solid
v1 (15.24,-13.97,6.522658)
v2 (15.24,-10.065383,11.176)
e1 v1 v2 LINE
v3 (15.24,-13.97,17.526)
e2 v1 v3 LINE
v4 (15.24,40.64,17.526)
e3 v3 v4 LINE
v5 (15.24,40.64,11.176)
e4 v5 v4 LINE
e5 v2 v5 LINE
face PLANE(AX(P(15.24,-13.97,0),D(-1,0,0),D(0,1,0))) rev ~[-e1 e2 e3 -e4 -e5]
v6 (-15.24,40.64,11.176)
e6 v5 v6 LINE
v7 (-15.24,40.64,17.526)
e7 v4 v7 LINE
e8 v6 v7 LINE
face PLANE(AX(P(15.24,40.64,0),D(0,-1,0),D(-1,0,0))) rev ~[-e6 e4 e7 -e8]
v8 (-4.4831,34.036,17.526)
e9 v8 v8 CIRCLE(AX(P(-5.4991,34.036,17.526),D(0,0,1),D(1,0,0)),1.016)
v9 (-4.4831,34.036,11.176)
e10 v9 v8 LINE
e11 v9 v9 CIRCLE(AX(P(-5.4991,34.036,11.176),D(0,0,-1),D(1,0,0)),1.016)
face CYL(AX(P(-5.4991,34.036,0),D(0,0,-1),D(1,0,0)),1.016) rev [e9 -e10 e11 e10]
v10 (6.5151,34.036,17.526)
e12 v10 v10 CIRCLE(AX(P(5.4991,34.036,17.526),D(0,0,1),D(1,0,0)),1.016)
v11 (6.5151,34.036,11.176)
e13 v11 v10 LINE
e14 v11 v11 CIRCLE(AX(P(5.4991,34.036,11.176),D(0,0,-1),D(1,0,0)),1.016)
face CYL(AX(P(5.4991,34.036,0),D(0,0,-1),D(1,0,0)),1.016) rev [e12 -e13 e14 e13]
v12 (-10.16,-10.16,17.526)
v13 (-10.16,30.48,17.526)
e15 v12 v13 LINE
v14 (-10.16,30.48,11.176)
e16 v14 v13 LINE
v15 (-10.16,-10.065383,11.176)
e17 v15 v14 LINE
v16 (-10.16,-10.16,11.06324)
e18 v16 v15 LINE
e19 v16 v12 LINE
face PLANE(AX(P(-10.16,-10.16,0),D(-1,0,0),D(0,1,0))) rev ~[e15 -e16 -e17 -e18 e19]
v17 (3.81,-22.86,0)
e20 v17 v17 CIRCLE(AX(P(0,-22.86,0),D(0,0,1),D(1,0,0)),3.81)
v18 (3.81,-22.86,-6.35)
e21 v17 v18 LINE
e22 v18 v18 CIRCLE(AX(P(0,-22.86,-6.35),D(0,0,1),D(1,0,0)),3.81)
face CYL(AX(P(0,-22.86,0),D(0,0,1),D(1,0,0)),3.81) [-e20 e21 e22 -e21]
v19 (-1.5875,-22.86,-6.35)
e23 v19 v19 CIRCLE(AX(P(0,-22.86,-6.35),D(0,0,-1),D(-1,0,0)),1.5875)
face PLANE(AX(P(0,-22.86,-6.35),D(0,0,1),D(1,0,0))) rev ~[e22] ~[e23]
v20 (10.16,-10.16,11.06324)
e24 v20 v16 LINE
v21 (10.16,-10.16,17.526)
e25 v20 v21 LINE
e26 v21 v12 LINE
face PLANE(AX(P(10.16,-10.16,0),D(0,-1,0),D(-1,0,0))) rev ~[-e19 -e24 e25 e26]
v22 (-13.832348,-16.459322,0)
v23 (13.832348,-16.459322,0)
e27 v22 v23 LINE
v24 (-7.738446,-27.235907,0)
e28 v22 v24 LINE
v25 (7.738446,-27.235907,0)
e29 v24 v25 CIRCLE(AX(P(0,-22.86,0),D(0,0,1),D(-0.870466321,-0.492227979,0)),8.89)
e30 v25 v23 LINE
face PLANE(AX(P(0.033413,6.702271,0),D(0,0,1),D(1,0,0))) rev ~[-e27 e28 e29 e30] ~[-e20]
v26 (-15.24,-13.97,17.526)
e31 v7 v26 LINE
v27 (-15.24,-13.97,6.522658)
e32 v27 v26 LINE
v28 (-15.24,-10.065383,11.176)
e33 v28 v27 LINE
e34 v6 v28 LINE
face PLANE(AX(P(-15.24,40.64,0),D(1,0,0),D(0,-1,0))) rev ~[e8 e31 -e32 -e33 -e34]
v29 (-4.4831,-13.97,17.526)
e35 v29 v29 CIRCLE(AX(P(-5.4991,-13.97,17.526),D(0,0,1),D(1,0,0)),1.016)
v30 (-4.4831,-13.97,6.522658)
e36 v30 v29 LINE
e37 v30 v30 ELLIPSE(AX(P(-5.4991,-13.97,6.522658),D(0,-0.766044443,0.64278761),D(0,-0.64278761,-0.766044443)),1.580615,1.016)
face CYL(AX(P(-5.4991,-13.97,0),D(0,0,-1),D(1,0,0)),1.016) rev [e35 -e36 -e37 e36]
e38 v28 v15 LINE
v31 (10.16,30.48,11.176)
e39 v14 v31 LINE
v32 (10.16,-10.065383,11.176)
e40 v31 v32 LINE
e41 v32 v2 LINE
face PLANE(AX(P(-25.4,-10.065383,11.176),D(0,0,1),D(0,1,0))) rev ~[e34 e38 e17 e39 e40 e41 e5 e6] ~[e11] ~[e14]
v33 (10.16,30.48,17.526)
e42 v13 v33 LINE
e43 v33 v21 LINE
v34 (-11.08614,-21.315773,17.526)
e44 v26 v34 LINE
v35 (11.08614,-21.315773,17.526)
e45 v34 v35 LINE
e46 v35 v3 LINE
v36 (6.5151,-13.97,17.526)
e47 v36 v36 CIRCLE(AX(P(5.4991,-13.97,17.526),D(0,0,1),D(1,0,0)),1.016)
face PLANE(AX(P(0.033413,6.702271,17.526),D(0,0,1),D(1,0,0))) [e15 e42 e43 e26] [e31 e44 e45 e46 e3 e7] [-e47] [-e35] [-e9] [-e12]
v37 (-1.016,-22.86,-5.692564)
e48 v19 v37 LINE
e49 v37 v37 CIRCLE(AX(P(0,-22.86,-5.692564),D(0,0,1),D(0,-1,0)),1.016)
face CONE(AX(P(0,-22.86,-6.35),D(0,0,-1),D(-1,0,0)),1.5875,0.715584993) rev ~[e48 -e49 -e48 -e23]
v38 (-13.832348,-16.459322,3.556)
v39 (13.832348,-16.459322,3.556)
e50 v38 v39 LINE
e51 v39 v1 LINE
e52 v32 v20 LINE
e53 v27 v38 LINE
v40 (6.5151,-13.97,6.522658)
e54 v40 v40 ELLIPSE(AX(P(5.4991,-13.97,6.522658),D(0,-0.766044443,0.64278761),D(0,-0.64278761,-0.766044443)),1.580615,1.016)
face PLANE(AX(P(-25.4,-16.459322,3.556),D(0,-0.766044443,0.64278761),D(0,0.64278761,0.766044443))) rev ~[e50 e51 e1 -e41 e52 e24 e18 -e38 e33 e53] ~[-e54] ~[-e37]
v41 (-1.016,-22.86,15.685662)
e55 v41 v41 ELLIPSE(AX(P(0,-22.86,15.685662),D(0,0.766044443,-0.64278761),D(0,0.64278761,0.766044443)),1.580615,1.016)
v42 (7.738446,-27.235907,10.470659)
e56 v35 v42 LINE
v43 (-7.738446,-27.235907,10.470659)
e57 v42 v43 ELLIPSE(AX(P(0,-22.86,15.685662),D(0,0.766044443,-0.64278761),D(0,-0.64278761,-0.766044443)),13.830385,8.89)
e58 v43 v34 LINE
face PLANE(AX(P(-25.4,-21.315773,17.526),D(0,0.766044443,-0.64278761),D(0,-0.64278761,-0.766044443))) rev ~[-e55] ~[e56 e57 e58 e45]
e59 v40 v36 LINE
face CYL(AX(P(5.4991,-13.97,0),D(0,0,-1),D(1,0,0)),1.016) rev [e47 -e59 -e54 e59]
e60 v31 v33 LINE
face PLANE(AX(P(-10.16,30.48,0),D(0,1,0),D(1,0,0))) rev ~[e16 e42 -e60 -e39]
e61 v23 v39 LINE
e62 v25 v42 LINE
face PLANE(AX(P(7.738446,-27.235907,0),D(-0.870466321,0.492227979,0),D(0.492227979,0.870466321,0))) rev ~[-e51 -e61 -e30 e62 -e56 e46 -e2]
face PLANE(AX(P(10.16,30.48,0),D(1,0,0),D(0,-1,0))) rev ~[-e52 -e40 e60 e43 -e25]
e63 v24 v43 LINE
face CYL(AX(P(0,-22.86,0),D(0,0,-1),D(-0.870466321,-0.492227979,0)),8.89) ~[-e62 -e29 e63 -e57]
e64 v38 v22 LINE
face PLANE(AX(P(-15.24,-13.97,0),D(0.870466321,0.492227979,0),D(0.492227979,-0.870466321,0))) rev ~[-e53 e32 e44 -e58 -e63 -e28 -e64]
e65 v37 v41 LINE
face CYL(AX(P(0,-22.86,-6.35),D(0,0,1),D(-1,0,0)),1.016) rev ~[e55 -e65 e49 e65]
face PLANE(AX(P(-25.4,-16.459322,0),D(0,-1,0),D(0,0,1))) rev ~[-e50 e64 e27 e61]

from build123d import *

# Parameters (mm, degrees)
F0_R           = 1.016
F1_DEPTH       = 17.526
F3_START       = -25.4
F3_DEPTH       = 40.641
F4_R           = 3.81
F5_DEPTH       = 6.35
F7_D           = 2.032
F7_CSINK_D     = 3.175
F7_CSINK_ANGLE = 82


with BuildPart() as f1:
    # F0 (on Top) → F1 (new body)
    with BuildSketch(Plane.XY):
        with BuildLine():
            Line((15.24, 40.64), (0, 40.64))
            Line((0, 40.64), (-15.24, 40.64))
            Line((-15.24, 40.64), (-15.24, -13.97))
            Line((-15.24, -13.97), (-7.7384455959, -27.2359067358))
            ThreePointArc((-7.7384455959, -27.2359067358), (-2.2624454306, -14.2627073637), (8.89, -22.86))
            ThreePointArc((8.89, -22.86), (8.5972926363, -25.1224454306), (7.7384455959, -27.2359067358))
            Line((7.7384455959, -27.2359067358), (15.24, -13.97))
            Line((15.24, -13.97), (15.24, 40.64))
        make_face()
        with Locations((-5.4991, -13.97)):
            Circle(F0_R, mode=Mode.SUBTRACT)
        with Locations((5.4991, -13.97)):
            Circle(F0_R, mode=Mode.SUBTRACT)
        with Locations((-5.4991, 34.036)):
            Circle(F0_R, mode=Mode.SUBTRACT)
        Polygon((10.16, -10.16), (0, -10.16), (-10.16, -10.16), (-10.16, 30.48), (0, 30.48), (10.16, 30.48), align=None, mode=Mode.SUBTRACT)
        with Locations((5.4991, 34.036)):
            Circle(F0_R, mode=Mode.SUBTRACT)
        with BuildLine():
            ThreePointArc((8.89, -22.86), (-2.2624454306, -14.2627073637), (-7.7384455959, -27.2359067358))
            ThreePointArc((-7.7384455959, -27.2359067358), (0, -31.75), (7.7384455959, -27.2359067358))
            ThreePointArc((7.7384455959, -27.2359067358), (8.5972926363, -25.1224454306), (8.89, -22.86))
        make_face()
    extrude(amount=F1_DEPTH)

    # F2 (on Right) → F3 (intersect)
    with BuildSketch(Plane.YZ.offset(F3_START)):
        Polygon((-31.7592067564, 5.08), (-31.7592067564, 0), (-16.4593220198, 0), (-16.4593220198, 3.556), (-10.0653828302, 11.176), (41.7786614893, 11.176), (41.7786614893, 17.526), (-21.3157727468, 17.526), align=None)
    extrude(amount=F3_DEPTH, mode=Mode.INTERSECT)

    # F4 (on Top) → F5 (join)
    with BuildSketch(Plane.XY):
        with Locations((0, -22.86)):
            Circle(F4_R)
    extrude(amount=-F5_DEPTH)

    # F7 (through all)
    with Locations(Plane(origin=(0, 0, -6.35), x_dir=(1, 0, 0), z_dir=(0, 0, -1))):
        with Locations((0, 22.86)):
            CounterSinkHole(F7_D / 2, F7_CSINK_D / 2, counter_sink_angle=F7_CSINK_ANGLE)


solid = f1.part
